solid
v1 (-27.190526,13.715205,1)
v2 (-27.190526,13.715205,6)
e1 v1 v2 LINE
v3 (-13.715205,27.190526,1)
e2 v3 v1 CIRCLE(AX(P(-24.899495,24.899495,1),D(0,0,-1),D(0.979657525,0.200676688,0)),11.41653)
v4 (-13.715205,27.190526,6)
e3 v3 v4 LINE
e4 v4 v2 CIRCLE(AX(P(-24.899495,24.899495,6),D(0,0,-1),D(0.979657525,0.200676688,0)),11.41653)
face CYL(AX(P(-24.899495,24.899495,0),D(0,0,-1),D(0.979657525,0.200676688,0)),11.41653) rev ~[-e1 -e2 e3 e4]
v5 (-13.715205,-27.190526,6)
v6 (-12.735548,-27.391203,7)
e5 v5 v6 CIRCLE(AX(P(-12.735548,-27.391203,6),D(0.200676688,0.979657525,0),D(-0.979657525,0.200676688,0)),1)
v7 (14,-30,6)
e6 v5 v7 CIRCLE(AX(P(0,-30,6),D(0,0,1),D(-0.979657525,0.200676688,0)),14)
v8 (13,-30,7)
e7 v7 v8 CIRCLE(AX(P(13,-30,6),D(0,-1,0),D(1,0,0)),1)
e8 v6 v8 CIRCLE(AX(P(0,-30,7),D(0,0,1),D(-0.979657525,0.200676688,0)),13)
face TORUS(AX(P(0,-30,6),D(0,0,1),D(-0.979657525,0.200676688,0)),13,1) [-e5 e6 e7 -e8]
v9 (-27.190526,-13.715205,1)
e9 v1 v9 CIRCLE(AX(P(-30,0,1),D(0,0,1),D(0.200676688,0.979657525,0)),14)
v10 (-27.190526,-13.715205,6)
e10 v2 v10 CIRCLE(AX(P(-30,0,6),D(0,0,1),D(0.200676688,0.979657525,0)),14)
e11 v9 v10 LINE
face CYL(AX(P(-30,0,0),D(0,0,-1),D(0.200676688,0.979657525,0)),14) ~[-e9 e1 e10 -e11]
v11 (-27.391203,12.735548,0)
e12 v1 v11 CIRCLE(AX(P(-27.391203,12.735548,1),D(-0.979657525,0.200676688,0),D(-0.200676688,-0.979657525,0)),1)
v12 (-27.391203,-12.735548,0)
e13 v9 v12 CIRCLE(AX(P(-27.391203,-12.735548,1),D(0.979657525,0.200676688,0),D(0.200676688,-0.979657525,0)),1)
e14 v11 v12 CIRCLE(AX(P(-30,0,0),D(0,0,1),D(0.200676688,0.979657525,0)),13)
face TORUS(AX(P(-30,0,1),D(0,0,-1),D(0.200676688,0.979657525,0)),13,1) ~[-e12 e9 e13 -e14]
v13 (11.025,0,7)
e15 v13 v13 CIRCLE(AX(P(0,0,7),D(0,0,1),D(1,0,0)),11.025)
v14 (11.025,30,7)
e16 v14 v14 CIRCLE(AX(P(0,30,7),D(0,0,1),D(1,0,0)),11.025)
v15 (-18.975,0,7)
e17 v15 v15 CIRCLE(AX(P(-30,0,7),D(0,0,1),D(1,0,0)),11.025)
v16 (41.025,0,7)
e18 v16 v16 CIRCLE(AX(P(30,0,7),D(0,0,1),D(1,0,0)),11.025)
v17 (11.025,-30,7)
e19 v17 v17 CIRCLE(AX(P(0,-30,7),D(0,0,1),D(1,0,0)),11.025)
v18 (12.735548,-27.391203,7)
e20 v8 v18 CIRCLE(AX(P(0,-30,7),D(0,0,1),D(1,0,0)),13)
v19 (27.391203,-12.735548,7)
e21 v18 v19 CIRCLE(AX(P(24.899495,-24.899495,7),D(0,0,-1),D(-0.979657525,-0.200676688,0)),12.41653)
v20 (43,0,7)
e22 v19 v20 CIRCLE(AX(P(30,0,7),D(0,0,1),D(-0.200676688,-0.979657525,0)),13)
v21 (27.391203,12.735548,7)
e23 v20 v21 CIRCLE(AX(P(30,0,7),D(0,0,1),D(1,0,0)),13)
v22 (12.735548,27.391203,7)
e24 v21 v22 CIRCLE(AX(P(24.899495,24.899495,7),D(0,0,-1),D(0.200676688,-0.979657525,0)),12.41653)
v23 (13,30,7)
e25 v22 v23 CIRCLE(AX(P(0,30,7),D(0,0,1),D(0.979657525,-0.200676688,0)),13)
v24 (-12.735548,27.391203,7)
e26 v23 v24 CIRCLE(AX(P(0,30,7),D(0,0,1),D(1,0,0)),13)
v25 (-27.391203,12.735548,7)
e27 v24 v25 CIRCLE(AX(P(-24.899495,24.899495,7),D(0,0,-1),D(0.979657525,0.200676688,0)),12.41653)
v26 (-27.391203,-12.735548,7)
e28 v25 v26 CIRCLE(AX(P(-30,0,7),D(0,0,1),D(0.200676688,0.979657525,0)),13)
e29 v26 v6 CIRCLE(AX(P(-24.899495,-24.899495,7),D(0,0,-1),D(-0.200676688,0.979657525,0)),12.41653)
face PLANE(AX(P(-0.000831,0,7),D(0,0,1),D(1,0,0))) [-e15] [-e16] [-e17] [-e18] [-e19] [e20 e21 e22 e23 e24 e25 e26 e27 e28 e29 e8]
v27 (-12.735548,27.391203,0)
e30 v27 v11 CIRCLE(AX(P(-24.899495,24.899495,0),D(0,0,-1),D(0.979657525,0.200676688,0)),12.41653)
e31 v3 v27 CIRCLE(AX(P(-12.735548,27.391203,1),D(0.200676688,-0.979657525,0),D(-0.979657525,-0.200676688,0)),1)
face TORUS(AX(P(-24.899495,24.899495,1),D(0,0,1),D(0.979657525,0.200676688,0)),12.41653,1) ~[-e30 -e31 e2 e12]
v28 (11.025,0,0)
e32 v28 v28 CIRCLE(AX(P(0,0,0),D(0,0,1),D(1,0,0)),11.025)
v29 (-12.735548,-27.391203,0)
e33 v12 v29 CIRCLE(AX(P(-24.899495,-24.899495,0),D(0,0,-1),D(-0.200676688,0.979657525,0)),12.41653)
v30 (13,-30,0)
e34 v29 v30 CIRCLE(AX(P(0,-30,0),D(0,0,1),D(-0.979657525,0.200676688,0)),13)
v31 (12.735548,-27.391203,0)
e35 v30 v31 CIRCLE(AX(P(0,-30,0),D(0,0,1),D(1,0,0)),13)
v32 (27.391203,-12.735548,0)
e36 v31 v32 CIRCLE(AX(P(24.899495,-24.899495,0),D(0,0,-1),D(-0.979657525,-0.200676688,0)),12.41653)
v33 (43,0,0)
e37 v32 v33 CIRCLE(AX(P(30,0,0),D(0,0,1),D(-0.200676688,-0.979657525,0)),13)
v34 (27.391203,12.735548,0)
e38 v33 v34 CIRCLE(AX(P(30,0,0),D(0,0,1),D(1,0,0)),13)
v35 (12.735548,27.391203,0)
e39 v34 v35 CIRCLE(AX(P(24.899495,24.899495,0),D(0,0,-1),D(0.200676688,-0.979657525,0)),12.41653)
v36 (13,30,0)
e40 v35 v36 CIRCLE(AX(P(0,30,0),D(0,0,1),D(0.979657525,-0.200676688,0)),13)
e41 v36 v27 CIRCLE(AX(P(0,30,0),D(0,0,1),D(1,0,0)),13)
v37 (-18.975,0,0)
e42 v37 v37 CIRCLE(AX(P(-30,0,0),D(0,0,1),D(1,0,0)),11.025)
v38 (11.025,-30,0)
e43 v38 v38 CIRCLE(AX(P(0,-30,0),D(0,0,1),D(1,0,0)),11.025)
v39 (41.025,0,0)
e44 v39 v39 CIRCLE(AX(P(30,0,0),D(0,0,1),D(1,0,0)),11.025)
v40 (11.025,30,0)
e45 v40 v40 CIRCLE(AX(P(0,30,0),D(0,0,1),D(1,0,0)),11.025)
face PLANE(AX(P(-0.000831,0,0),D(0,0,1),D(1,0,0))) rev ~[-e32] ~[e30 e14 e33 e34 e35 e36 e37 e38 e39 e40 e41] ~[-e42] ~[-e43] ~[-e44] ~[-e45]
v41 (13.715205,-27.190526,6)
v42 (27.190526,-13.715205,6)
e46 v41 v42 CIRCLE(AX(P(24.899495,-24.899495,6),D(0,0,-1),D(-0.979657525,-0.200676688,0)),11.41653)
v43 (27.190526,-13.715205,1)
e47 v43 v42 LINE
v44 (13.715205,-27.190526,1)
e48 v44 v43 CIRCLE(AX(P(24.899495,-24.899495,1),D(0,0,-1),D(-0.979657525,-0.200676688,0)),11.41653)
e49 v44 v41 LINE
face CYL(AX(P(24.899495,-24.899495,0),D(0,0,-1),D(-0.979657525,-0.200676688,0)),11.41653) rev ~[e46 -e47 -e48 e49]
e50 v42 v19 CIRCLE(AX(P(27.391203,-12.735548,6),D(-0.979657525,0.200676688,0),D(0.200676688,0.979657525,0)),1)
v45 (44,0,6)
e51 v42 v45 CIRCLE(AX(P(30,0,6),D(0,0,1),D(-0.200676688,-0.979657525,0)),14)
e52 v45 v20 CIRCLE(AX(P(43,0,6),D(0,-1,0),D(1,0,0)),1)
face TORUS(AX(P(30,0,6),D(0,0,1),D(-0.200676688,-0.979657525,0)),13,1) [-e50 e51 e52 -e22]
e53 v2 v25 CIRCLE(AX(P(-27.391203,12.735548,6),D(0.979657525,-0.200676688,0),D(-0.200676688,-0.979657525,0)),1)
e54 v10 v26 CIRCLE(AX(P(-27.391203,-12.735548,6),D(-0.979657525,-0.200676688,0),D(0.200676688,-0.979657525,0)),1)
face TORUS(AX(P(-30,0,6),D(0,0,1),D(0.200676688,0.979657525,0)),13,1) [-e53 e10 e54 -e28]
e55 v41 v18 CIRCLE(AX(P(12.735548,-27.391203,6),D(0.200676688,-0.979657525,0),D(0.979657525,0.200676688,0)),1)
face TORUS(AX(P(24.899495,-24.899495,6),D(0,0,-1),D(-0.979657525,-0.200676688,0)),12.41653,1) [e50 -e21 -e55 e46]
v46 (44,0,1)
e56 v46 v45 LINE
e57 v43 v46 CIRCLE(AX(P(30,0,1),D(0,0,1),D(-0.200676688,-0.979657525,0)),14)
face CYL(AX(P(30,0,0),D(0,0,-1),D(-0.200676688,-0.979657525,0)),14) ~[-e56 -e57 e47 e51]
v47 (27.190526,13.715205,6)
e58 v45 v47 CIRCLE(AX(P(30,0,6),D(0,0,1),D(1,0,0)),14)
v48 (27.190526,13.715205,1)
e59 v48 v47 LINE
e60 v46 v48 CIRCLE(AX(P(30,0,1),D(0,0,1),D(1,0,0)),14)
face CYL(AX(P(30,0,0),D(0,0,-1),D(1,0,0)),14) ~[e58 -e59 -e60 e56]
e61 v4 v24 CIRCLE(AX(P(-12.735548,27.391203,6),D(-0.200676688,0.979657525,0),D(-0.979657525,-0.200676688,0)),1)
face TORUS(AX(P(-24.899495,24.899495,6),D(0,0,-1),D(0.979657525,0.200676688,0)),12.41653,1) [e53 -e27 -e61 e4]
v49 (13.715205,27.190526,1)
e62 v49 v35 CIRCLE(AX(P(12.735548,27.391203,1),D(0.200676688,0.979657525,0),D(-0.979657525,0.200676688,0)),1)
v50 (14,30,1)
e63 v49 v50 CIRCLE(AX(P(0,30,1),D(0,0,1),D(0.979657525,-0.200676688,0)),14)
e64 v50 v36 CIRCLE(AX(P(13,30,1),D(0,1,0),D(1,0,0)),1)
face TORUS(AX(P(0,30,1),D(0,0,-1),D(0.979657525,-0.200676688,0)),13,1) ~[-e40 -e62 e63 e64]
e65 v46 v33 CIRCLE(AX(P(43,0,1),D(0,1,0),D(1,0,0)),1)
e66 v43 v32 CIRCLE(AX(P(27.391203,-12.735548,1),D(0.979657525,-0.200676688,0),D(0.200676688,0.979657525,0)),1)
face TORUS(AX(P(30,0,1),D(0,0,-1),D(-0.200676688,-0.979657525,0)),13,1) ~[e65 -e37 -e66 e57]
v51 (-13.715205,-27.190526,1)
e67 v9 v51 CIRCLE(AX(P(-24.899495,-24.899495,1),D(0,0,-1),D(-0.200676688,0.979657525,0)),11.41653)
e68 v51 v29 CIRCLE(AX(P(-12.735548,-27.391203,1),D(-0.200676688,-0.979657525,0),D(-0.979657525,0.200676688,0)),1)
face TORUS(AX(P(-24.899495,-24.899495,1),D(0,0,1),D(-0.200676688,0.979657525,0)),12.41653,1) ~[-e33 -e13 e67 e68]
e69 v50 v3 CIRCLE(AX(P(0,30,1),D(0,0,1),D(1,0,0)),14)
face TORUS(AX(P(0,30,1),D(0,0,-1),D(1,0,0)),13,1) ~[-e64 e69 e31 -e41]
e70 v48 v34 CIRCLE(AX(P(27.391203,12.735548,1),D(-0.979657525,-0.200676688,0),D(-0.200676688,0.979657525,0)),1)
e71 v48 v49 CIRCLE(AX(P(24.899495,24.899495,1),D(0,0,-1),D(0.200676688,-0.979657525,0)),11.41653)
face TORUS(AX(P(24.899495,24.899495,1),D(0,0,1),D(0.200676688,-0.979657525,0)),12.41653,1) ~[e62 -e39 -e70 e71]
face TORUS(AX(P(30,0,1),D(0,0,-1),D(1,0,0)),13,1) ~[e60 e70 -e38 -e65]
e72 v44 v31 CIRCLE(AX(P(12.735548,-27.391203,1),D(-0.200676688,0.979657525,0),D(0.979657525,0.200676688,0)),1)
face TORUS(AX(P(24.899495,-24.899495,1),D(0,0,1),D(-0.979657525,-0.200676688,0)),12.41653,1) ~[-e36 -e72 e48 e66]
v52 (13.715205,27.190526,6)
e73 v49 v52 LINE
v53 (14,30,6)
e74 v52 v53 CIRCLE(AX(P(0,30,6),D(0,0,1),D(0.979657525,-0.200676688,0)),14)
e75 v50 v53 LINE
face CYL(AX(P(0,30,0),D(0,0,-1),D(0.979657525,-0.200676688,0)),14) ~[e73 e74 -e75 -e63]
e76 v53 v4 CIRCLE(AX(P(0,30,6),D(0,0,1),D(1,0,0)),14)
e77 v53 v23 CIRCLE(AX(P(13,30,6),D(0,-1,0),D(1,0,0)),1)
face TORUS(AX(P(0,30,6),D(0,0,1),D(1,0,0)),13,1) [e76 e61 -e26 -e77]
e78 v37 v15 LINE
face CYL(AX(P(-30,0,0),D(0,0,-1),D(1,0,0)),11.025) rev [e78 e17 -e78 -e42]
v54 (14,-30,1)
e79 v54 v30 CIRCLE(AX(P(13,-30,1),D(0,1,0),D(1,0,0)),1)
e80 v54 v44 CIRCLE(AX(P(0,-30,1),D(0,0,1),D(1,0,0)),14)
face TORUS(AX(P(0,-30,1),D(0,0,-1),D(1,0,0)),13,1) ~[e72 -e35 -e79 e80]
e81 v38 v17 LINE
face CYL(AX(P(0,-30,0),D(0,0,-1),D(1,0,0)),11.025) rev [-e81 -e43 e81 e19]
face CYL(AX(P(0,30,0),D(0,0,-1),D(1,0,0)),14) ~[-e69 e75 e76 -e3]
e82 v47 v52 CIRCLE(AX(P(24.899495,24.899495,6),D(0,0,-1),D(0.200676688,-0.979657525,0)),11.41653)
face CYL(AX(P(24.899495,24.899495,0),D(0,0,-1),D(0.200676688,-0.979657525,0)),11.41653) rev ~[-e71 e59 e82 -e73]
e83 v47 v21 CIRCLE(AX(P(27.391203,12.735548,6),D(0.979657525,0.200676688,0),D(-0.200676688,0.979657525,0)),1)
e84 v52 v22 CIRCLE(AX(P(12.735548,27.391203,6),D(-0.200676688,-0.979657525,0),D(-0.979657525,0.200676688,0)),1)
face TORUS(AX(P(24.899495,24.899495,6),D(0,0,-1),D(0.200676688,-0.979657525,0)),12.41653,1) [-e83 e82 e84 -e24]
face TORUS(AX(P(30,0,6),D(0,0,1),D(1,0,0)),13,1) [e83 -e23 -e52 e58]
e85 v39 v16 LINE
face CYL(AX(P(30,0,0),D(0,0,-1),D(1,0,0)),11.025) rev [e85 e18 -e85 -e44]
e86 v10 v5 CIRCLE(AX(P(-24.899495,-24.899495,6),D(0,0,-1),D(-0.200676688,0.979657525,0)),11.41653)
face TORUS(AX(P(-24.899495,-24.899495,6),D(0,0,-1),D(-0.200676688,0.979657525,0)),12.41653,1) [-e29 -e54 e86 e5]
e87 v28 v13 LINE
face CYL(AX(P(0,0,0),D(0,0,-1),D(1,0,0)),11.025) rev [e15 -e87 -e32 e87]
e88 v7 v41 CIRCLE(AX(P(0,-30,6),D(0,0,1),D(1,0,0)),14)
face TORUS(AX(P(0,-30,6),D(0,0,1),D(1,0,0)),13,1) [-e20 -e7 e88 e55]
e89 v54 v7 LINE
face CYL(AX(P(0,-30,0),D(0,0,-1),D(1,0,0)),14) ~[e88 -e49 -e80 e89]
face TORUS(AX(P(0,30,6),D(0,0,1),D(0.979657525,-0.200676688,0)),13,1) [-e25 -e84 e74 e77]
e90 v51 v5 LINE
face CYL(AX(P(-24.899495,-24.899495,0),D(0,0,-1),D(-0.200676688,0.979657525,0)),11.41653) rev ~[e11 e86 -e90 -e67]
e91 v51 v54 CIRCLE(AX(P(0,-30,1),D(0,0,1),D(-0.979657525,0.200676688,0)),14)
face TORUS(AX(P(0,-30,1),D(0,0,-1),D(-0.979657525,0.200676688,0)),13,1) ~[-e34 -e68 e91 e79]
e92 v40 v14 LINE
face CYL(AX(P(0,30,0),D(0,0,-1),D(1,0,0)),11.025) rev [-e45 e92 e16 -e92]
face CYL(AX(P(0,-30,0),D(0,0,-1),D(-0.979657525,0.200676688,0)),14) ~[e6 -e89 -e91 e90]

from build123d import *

# Parameters (mm, degrees)
F0_R     = 14
F0_R_2   = 11.025
F1_DEPTH = 7
F2_R     = 1


with BuildPart() as f1:
    # F0 (on Top) → F1 (new body)
    with BuildSketch(Plane.XY):
        with BuildLine():
            ThreePointArc((13.7152053553, 27.1905263726), (0, 16), (-13.7152053553, 27.1905263726))
            ThreePointArc((-13.7152053553, 27.1905263726), (-16.8267891176, 16.8267891176), (-27.1905263726, 13.7152053553))
            ThreePointArc((-27.1905263726, 13.7152053553), (-19.1525894615, 8.8506318762), (-16, 0))
            ThreePointArc((-16, 0), (-19.1525894615, -8.8506318762), (-27.1905263726, -13.7152053553))
            ThreePointArc((-27.1905263726, -13.7152053553), (-16.8267891176, -16.8267891176), (-13.7152053553, -27.1905263726))
            ThreePointArc((-13.7152053553, -27.1905263726), (0, -16), (13.7152053553, -27.1905263726))
            ThreePointArc((13.7152053553, -27.1905263726), (16.8267891176, -16.8267891176), (27.1905263726, -13.7152053553))
            ThreePointArc((27.1905263726, -13.7152053553), (16, 0), (27.1905263726, 13.7152053553))
            ThreePointArc((27.1905263726, 13.7152053553), (16.8267891176, 16.8267891176), (13.7152053553, 27.1905263726))
        make_face()
        Circle(F0_R, mode=Mode.SUBTRACT)
        Circle(F0_R)
        Circle(F0_R_2, mode=Mode.SUBTRACT)
        with BuildLine():
            ThreePointArc((44, 0), (38.8506318762, 10.8474105385), (27.1905263726, 13.7152053553))
            ThreePointArc((27.1905263726, 13.7152053553), (16, 0), (27.1905263726, -13.7152053553))
            ThreePointArc((27.1905263726, -13.7152053553), (38.8506318762, -10.8474105385), (44, 0))
        make_face()
        with Locations((30, 0)):
            Circle(F0_R_2, mode=Mode.SUBTRACT)
        with BuildLine():
            ThreePointArc((13.7152053553, -27.1905263726), (0, -16), (-13.7152053553, -27.1905263726))
            ThreePointArc((-13.7152053553, -27.1905263726), (-1.4119357327, -43.9286193676), (14, -30))
            ThreePointArc((14, -30), (13.9286193676, -28.5880642673), (13.7152053553, -27.1905263726))
        make_face()
        with Locations((0, -30)):
            Circle(F0_R_2, mode=Mode.SUBTRACT)
        with BuildLine():
            ThreePointArc((-16, 0), (-19.1525894615, 8.8506318762), (-27.1905263726, 13.7152053553))
            ThreePointArc((-27.1905263726, 13.7152053553), (-44, 0), (-27.1905263726, -13.7152053553))
            ThreePointArc((-27.1905263726, -13.7152053553), (-19.1525894615, -8.8506318762), (-16, 0))
        make_face()
        with Locations((-30, 0)):
            Circle(F0_R_2, mode=Mode.SUBTRACT)
        with BuildLine():
            ThreePointArc((13.7152053553, 27.1905263726), (13.9286193676, 28.5880642673), (14, 30))
            ThreePointArc((14, 30), (-1.4119357327, 43.9286193676), (-13.7152053553, 27.1905263726))
            ThreePointArc((-13.7152053553, 27.1905263726), (0, 16), (13.7152053553, 27.1905263726))
        make_face()
        with Locations((0, 30)):
            Circle(F0_R_2, mode=Mode.SUBTRACT)
    extrude(amount=F1_DEPTH)

    # F2
    f2_edges = [f1.edges().sort_by_distance(p)[0] for p in [
        (-13.715205, -27.190526, 3.5),
        (13.715205, -27.190526, 3.5),
        (0, -44, 0),
        (0, -44, 7),
        (27.190526, -13.715205, 3.5),
        (16.826789, -16.826789, 0),
        (16.826789, -16.826789, 7),
        (27.190526, 13.715205, 3.5),
        (44, 0, 0),
        (44, 0, 7),
        (-27.190526, 13.715205, 3.5),
        (-27.190526, -13.715205, 3.5),
        (-44, 0, 0),
        (-44, 0, 7),
        (-16.826789, -16.826789, 0),
        (-16.826789, -16.826789, 7),
        (13.715205, 27.190526, 3.5),
        (-13.715205, 27.190526, 3.5),
        (0, 44, 0),
        (0, 44, 7),
        (16.826789, 16.826789, 0),
        (16.826789, 16.826789, 7),
        (-16.826789, 16.826789, 0),
        (-16.826789, 16.826789, 7),
    ]]
    fillet(f2_edges, radius=F2_R)


solid = f1.part
